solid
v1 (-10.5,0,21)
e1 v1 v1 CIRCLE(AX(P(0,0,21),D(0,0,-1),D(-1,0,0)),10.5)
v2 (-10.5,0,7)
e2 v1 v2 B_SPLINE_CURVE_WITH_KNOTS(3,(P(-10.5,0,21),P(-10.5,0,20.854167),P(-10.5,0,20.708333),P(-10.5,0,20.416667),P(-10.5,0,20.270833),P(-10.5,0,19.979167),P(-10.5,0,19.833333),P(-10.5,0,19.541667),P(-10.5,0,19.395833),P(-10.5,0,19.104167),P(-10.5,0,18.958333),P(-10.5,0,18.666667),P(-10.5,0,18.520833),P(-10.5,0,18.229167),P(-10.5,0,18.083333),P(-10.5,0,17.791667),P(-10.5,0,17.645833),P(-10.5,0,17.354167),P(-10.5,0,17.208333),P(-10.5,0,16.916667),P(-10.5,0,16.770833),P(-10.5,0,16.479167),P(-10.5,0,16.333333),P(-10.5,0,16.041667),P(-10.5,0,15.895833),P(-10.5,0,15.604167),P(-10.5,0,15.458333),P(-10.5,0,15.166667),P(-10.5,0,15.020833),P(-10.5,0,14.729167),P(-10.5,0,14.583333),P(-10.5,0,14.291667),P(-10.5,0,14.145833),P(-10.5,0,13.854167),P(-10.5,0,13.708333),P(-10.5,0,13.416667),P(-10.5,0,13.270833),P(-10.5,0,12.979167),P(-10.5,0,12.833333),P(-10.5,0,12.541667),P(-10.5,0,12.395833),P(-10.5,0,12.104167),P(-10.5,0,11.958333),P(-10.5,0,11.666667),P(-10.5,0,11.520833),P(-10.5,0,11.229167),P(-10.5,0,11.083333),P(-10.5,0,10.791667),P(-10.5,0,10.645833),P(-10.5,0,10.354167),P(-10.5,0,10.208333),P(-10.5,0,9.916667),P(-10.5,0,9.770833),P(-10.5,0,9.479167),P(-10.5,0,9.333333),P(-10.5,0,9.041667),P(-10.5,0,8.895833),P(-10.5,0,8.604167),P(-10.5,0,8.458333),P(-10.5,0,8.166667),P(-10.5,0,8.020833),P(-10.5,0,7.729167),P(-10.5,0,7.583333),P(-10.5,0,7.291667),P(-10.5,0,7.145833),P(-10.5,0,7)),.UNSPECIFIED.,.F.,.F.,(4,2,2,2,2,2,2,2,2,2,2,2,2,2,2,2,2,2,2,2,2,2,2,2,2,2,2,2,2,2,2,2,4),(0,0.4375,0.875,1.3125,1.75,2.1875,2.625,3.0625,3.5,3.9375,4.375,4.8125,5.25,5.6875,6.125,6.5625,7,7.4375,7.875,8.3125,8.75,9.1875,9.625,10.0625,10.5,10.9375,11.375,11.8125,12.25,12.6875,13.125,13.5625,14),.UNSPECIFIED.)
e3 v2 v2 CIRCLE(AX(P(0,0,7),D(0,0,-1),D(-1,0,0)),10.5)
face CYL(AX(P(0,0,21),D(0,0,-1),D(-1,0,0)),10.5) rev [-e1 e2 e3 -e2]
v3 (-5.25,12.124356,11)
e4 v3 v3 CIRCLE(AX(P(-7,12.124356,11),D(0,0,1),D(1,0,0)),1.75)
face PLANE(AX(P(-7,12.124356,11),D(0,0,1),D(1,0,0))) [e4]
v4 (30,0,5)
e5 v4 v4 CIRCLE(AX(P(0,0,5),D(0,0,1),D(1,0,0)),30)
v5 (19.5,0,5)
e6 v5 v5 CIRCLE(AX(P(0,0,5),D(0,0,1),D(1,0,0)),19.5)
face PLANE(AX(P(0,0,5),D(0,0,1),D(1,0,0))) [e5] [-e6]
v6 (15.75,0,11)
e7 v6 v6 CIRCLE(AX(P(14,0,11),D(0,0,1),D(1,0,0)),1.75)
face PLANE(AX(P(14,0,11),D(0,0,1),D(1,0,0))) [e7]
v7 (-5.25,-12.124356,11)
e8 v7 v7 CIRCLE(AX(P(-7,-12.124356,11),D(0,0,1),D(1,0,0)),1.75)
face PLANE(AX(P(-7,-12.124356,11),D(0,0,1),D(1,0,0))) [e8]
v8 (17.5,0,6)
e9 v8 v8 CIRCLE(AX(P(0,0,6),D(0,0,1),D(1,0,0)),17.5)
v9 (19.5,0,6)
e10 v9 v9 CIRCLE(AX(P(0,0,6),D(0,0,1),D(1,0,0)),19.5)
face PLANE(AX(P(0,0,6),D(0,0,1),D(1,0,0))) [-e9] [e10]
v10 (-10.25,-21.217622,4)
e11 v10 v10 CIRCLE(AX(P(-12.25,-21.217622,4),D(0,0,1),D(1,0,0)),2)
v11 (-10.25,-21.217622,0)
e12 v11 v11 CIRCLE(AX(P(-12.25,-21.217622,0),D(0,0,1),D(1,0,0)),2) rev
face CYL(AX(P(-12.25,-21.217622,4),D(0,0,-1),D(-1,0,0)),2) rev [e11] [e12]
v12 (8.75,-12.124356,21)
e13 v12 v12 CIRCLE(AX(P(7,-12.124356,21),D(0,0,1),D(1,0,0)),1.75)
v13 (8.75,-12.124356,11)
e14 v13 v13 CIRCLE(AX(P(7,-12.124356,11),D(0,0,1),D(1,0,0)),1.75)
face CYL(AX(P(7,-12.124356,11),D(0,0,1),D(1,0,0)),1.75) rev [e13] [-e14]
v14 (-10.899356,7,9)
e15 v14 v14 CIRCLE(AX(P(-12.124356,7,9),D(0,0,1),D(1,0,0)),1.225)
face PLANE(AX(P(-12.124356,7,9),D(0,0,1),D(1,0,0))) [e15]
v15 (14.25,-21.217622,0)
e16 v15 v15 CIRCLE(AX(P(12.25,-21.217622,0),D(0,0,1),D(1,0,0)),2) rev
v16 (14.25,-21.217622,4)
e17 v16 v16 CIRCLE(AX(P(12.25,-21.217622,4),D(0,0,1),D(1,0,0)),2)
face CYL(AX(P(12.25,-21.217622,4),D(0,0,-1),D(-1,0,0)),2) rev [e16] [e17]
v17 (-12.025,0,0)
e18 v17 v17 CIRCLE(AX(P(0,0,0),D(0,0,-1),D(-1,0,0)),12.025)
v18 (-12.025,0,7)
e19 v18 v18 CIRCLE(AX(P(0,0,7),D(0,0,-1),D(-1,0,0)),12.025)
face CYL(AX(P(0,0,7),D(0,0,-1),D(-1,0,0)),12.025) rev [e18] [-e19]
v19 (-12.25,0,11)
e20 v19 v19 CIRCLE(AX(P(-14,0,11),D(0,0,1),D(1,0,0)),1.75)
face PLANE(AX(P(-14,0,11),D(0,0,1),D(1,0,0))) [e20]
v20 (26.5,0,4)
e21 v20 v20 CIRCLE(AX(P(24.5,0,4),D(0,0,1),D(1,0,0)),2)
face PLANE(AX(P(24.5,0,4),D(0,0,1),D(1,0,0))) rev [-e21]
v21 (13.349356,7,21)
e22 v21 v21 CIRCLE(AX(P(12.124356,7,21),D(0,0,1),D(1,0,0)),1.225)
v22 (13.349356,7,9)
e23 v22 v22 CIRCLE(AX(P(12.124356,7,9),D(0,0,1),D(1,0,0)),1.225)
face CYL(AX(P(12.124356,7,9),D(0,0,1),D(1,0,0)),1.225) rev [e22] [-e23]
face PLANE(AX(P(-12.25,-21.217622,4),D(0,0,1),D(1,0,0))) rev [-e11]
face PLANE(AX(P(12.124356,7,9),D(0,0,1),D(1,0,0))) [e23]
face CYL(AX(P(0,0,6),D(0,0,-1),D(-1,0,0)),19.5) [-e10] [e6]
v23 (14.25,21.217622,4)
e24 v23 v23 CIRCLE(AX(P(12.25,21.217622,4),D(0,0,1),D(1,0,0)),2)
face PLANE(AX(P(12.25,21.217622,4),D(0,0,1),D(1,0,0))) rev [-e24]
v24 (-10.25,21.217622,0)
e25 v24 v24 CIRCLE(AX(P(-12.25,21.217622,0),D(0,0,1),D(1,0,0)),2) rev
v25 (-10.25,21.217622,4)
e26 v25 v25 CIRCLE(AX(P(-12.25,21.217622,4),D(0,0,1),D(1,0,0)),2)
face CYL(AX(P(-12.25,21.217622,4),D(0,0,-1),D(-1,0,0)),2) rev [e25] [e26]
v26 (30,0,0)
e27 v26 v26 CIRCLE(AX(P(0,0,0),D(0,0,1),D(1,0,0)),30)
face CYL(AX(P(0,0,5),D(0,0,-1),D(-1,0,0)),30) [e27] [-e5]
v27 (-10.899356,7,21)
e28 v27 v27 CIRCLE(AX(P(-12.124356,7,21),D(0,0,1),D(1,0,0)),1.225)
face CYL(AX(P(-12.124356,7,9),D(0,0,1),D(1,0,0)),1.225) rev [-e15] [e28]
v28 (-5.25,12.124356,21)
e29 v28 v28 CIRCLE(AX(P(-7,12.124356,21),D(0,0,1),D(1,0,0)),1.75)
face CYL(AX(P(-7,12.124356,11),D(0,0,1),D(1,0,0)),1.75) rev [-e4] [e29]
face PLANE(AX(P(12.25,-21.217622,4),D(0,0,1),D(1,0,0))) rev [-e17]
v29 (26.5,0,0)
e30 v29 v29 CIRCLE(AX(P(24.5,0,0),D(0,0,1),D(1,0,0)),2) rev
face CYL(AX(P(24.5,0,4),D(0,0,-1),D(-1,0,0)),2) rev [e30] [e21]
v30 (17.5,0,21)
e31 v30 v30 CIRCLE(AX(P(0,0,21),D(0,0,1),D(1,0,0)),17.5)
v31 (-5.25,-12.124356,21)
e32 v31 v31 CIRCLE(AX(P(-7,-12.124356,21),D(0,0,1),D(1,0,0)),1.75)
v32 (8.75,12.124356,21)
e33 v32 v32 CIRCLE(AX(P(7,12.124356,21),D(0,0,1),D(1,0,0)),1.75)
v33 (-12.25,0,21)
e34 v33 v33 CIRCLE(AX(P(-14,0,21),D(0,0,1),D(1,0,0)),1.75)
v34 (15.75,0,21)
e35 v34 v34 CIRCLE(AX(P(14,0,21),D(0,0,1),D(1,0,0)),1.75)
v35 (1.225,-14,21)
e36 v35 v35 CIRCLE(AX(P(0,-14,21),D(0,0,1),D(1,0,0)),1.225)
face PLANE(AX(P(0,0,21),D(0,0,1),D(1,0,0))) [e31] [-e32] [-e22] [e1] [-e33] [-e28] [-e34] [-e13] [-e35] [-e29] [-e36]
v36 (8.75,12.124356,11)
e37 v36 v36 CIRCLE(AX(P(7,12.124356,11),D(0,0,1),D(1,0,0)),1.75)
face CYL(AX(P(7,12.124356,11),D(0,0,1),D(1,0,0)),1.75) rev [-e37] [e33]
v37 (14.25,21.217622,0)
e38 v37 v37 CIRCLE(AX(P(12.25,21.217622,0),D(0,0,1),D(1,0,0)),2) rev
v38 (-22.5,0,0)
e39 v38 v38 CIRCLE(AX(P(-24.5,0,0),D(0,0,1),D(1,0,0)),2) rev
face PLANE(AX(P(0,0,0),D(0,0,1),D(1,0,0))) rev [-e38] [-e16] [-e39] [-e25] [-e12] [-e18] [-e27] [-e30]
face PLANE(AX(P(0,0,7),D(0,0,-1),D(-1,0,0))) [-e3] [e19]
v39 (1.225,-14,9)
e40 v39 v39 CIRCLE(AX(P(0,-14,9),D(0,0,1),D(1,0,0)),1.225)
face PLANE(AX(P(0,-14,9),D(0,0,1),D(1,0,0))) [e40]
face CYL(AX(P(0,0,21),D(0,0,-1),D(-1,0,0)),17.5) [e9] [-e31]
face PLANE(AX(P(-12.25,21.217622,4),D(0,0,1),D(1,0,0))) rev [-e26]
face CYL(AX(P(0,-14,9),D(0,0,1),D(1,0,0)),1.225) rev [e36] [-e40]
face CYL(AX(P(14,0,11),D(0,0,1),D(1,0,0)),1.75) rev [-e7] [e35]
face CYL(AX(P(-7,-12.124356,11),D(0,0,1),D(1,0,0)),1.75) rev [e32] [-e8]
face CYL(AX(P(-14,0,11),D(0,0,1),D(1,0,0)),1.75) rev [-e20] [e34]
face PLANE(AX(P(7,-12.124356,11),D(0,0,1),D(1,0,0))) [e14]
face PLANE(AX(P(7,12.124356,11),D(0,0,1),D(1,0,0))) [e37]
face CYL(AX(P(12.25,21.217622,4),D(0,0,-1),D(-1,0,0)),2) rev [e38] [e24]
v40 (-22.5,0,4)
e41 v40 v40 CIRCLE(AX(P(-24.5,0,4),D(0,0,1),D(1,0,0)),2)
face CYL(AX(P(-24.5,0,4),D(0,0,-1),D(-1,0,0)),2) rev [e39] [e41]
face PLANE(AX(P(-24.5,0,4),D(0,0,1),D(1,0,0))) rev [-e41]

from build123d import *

# Parameters (mm, degrees)
SKETCH1_R               = 30
BOSS_EXTRUDE1_DEPTH     = 5
SKETCH2_R               = 19.5
BOSS_EXTRUDE2_DEPTH     = 1
SKETCH3_R               = 17.5
BOSS_EXTRUDE3_DEPTH     = 15
SKETCH4_R               = 12.025
CUT_EXTRUDE1_DEPTH      = 7
SKETCH5_R               = 10.5
CUT_EXTRUDE2_DEPTH      = 45.676615807
CUT_EXTRUDE3_DEPTH      = 4
CUT_EXTRUDE3_DEPTH_BACK = 4
CUT_EXTRUDE3_START      = -5
SKETCH6_R               = 2
SKETCH7_R               = 1.75
CUT_EXTRUDE4_DEPTH      = 10
SKETCH8_R               = 1.225
CUT_EXTRUDE5_DEPTH      = 12


with BuildPart() as part:
    # Sketch1 → Boss-Extrude1 (new body)
    with BuildSketch(Plane.XY):
        Circle(SKETCH1_R)
    extrude(amount=BOSS_EXTRUDE1_DEPTH)

    # Sketch2 → Boss-Extrude2 (add)
    with BuildSketch(Plane.XY.offset(5)):
        Circle(SKETCH2_R)
    extrude(amount=BOSS_EXTRUDE2_DEPTH)

    # Sketch3 → Boss-Extrude3 (add)
    with BuildSketch(Plane.XY.offset(6)):
        Circle(SKETCH3_R)
    extrude(amount=BOSS_EXTRUDE3_DEPTH)

    # Sketch4 → Cut-Extrude1 (cut)
    with BuildSketch(Plane(origin=(0, 0, 0), x_dir=(-1, 0, 0), z_dir=(0, 0, -1))):
        Circle(SKETCH4_R)
    extrude(amount=-CUT_EXTRUDE1_DEPTH, mode=Mode.SUBTRACT)

    # Sketch5 → Cut-Extrude2 (cut, through all)
    with BuildSketch(Plane(origin=(0, 0, 7), x_dir=(-1, 0, 0), z_dir=(0, 0, -1))):
        Circle(SKETCH5_R)
    extrude(amount=-CUT_EXTRUDE2_DEPTH, mode=Mode.SUBTRACT)

    # Sketch6 → Cut-Extrude3 (cut, two sides: drawn at the far end of the back side and taken through both)
    with BuildSketch(Plane.XY.offset(5).offset(CUT_EXTRUDE3_START - CUT_EXTRUDE3_DEPTH_BACK)):
        with Locations((24.5, 0)):
            Circle(SKETCH6_R)
        with Locations((12.25, -21.217622393)):
            Circle(SKETCH6_R)
        with Locations((-12.25, -21.217622393)):
            Circle(SKETCH6_R)
        with Locations((-24.5, 0)):
            Circle(SKETCH6_R)
        with Locations((-12.25, 21.217622393)):
            Circle(SKETCH6_R)
        with Locations((12.25, 21.217622393)):
            Circle(SKETCH6_R)
    extrude(amount=CUT_EXTRUDE3_DEPTH + CUT_EXTRUDE3_DEPTH_BACK, mode=Mode.SUBTRACT)

    # Sketch7 → Cut-Extrude4 (cut)
    with BuildSketch(Plane.XY.offset(21)):
        with Locations((14, 0)):
            Circle(SKETCH7_R)
        with Locations((7, -12.124355653)):
            Circle(SKETCH7_R)
        with Locations((-7, -12.124355653)):
            Circle(SKETCH7_R)
        with Locations((-14, 0)):
            Circle(SKETCH7_R)
        with Locations((-7, 12.124355653)):
            Circle(SKETCH7_R)
        with Locations((7, 12.124355653)):
            Circle(SKETCH7_R)
    extrude(amount=-CUT_EXTRUDE4_DEPTH, mode=Mode.SUBTRACT)

    # Sketch8 → Cut-Extrude5 (cut)
    with BuildSketch(Plane.XY.offset(21)):
        with Locations((12.124355653, 7)):
            Circle(SKETCH8_R)
        with Locations((0, -14)):
            Circle(SKETCH8_R)
        with Locations((-12.124355653, 7)):
            Circle(SKETCH8_R)
    extrude(amount=-CUT_EXTRUDE5_DEPTH, mode=Mode.SUBTRACT)


solid = part.part
